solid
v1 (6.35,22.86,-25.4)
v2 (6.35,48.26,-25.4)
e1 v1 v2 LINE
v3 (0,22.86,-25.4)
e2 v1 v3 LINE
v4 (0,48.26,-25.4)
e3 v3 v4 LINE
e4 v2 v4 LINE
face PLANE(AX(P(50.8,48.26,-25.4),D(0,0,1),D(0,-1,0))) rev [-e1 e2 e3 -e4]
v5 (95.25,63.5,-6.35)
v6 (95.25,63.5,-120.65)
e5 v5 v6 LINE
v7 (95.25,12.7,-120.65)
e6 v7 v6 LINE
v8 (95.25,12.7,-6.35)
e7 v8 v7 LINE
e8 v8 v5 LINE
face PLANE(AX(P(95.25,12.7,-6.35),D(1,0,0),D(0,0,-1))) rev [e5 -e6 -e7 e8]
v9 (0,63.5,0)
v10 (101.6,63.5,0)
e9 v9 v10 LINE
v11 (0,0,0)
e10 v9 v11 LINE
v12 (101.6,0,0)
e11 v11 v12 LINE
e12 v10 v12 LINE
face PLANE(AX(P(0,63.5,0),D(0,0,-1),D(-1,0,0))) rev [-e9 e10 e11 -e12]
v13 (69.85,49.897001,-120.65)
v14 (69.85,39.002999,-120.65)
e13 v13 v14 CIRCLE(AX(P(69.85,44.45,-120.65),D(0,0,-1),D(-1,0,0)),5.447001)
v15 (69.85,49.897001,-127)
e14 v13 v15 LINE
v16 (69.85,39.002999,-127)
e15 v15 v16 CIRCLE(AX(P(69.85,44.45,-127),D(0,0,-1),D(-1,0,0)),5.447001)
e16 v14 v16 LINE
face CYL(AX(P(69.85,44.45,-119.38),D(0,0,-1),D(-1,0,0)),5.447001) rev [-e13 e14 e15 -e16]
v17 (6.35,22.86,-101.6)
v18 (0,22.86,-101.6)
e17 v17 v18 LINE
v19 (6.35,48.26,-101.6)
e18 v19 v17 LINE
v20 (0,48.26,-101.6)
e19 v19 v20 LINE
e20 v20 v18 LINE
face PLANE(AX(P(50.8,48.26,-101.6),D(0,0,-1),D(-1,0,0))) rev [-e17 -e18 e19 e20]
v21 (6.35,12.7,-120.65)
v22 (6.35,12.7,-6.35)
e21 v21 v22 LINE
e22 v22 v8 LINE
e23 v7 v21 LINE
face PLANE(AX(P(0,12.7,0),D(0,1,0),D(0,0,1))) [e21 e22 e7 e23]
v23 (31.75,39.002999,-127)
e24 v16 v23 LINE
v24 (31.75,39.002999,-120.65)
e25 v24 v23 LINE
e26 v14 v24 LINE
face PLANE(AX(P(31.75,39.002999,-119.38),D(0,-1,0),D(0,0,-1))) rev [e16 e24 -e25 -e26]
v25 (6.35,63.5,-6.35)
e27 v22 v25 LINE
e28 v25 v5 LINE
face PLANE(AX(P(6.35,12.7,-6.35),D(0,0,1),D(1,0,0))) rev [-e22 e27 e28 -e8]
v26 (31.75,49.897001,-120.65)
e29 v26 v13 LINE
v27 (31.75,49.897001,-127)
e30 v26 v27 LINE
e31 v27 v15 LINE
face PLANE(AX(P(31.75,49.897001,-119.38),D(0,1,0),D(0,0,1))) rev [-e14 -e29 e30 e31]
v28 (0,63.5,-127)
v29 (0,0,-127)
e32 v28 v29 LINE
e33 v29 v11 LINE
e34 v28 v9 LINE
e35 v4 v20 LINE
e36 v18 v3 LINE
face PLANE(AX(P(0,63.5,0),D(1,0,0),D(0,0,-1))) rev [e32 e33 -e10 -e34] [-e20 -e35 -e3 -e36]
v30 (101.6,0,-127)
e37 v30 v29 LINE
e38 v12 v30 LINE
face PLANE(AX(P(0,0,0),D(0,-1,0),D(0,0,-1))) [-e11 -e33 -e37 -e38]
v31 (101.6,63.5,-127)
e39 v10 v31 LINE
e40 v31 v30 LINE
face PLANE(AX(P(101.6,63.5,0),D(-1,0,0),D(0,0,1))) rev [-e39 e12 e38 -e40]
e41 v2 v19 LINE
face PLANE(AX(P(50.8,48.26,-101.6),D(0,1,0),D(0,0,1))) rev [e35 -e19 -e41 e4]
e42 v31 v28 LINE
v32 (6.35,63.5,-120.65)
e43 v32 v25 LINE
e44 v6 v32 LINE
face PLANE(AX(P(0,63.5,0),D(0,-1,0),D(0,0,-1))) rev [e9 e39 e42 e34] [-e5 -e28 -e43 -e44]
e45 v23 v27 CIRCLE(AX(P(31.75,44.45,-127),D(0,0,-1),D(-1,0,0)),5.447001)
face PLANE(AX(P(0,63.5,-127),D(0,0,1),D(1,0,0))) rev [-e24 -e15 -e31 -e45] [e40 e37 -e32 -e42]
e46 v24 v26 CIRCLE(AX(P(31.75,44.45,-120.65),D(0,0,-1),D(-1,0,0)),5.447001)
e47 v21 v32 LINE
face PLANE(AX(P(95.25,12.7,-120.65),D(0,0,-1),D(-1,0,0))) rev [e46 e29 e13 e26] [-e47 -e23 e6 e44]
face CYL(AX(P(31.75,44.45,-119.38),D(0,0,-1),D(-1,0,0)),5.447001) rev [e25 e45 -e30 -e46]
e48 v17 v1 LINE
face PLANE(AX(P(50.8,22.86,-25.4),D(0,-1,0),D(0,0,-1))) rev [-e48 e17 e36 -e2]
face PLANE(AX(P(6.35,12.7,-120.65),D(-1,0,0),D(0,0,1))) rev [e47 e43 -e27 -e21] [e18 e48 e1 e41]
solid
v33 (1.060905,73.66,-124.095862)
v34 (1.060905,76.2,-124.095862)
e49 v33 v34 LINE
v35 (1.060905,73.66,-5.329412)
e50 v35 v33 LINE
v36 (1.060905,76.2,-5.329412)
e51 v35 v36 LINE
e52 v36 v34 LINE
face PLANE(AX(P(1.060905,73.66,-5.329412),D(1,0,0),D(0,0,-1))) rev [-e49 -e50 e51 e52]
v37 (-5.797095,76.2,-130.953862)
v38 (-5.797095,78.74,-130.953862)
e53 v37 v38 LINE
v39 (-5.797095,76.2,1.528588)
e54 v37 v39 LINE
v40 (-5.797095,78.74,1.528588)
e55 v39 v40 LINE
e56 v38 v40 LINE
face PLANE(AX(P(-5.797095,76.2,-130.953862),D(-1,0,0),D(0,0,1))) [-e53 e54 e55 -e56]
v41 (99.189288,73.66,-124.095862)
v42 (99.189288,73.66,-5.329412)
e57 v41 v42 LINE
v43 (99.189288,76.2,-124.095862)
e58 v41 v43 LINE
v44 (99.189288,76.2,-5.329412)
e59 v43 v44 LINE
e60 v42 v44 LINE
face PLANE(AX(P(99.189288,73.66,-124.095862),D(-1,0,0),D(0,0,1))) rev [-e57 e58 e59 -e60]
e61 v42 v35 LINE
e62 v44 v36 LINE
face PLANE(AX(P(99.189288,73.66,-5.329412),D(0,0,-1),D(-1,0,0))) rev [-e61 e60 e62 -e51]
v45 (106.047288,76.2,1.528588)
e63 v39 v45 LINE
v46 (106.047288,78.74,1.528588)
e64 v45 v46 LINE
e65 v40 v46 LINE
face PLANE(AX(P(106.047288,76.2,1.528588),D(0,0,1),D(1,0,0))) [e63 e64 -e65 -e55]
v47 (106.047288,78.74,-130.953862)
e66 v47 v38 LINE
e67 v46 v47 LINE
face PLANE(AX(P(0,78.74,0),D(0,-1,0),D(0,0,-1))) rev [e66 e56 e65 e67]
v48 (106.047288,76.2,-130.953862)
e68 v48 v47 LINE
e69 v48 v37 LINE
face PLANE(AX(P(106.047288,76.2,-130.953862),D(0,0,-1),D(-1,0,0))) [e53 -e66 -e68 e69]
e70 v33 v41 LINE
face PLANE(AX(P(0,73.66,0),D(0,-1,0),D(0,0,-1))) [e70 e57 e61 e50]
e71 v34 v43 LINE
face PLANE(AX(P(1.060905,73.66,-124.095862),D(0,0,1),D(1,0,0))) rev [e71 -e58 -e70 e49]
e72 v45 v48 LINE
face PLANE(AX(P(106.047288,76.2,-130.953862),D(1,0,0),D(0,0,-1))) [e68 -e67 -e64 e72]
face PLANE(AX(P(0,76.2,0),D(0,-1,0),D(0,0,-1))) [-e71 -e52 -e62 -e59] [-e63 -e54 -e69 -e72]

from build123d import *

# Parameters (mm, degrees)
SKETCH1_W           = 101.6
SKETCH1_H           = 127
BOSS_EXTRUDE1_DEPTH = 63.5
SKETCH2_W           = 88.9
SKETCH2_H           = 114.3
CUT_EXTRUDE1_DEPTH  = 50.8
SKETCH3_W           = 76.2
SKETCH3_H           = 25.4
CUT_EXTRUDE2_DEPTH  = 50.8
SKETCH4_W           = 111.844383113
SKETCH4_H           = 132.482449899
BOSS_EXTRUDE2_DEPTH = 2.54
SKETCH5_W           = 98.128383113
SKETCH5_H           = 118.766449899
BOSS_EXTRUDE3_DEPTH = 2.54
CUT_EXTRUDE3_DEPTH  = 7.62


with BuildPart() as part:
    # Sketch1 → Boss-Extrude1 (new body)
    with BuildSketch(Plane(origin=(0, 0, 0), x_dir=(1, 0, 0), z_dir=(0, 1, 0))):
        with Locations((50.8, 63.5)):
            Rectangle(SKETCH1_W, SKETCH1_H)
    extrude(amount=BOSS_EXTRUDE1_DEPTH)

    # Sketch2 → Cut-Extrude1 (cut)
    with BuildSketch(Plane(origin=(0, 63.5, 0), x_dir=(1, 0, 0), z_dir=(0, 1, 0))):
        with Locations((50.8, 63.5)):
            Rectangle(SKETCH2_W, SKETCH2_H)
    extrude(amount=-CUT_EXTRUDE1_DEPTH, mode=Mode.SUBTRACT)

    # Sketch3 → Cut-Extrude2 (cut)
    with BuildSketch(Plane.ZY):
        with Locations((-63.5, 35.56)):
            Rectangle(SKETCH3_W, SKETCH3_H)
    extrude(amount=-CUT_EXTRUDE2_DEPTH, mode=Mode.SUBTRACT)

    # Sketch7 → Cut-Extrude3 (cut)
    with BuildSketch(Plane(origin=(0, 0, -127), x_dir=(-1, 0, 0), z_dir=(0, 0, -1))):
        with BuildLine():
            Line((-31.75, 39.002999395), (-69.85, 39.002999395))
            ThreePointArc((-69.85, 39.002999395), (-75.297000605, 44.45), (-69.85, 49.897000605))
            Line((-69.85, 49.897000605), (-31.75, 49.897000605))
            ThreePointArc((-31.75, 49.897000605), (-26.302999395, 44.45), (-31.75, 39.002999395))
        make_face()
    extrude(amount=-CUT_EXTRUDE3_DEPTH, mode=Mode.SUBTRACT)


with BuildPart() as body_2:
    # Sketch4 → Boss-Extrude2 (new body)
    with BuildSketch(Plane(origin=(0, 78.74, 0), x_dir=(1, 0, 0), z_dir=(0, 1, 0))):
        with Locations((50.125096624, 64.712636769)):
            Rectangle(SKETCH4_W, SKETCH4_H)
    extrude(amount=-BOSS_EXTRUDE2_DEPTH)

    # Sketch5 → Boss-Extrude3 (add)
    with BuildSketch(Plane.XZ.offset(-76.2)):
        with Locations((50.125096623, -64.712636769)):
            Rectangle(SKETCH5_W, SKETCH5_H)
    extrude(amount=BOSS_EXTRUDE3_DEPTH)


solid = Compound([part.part, body_2.part])
